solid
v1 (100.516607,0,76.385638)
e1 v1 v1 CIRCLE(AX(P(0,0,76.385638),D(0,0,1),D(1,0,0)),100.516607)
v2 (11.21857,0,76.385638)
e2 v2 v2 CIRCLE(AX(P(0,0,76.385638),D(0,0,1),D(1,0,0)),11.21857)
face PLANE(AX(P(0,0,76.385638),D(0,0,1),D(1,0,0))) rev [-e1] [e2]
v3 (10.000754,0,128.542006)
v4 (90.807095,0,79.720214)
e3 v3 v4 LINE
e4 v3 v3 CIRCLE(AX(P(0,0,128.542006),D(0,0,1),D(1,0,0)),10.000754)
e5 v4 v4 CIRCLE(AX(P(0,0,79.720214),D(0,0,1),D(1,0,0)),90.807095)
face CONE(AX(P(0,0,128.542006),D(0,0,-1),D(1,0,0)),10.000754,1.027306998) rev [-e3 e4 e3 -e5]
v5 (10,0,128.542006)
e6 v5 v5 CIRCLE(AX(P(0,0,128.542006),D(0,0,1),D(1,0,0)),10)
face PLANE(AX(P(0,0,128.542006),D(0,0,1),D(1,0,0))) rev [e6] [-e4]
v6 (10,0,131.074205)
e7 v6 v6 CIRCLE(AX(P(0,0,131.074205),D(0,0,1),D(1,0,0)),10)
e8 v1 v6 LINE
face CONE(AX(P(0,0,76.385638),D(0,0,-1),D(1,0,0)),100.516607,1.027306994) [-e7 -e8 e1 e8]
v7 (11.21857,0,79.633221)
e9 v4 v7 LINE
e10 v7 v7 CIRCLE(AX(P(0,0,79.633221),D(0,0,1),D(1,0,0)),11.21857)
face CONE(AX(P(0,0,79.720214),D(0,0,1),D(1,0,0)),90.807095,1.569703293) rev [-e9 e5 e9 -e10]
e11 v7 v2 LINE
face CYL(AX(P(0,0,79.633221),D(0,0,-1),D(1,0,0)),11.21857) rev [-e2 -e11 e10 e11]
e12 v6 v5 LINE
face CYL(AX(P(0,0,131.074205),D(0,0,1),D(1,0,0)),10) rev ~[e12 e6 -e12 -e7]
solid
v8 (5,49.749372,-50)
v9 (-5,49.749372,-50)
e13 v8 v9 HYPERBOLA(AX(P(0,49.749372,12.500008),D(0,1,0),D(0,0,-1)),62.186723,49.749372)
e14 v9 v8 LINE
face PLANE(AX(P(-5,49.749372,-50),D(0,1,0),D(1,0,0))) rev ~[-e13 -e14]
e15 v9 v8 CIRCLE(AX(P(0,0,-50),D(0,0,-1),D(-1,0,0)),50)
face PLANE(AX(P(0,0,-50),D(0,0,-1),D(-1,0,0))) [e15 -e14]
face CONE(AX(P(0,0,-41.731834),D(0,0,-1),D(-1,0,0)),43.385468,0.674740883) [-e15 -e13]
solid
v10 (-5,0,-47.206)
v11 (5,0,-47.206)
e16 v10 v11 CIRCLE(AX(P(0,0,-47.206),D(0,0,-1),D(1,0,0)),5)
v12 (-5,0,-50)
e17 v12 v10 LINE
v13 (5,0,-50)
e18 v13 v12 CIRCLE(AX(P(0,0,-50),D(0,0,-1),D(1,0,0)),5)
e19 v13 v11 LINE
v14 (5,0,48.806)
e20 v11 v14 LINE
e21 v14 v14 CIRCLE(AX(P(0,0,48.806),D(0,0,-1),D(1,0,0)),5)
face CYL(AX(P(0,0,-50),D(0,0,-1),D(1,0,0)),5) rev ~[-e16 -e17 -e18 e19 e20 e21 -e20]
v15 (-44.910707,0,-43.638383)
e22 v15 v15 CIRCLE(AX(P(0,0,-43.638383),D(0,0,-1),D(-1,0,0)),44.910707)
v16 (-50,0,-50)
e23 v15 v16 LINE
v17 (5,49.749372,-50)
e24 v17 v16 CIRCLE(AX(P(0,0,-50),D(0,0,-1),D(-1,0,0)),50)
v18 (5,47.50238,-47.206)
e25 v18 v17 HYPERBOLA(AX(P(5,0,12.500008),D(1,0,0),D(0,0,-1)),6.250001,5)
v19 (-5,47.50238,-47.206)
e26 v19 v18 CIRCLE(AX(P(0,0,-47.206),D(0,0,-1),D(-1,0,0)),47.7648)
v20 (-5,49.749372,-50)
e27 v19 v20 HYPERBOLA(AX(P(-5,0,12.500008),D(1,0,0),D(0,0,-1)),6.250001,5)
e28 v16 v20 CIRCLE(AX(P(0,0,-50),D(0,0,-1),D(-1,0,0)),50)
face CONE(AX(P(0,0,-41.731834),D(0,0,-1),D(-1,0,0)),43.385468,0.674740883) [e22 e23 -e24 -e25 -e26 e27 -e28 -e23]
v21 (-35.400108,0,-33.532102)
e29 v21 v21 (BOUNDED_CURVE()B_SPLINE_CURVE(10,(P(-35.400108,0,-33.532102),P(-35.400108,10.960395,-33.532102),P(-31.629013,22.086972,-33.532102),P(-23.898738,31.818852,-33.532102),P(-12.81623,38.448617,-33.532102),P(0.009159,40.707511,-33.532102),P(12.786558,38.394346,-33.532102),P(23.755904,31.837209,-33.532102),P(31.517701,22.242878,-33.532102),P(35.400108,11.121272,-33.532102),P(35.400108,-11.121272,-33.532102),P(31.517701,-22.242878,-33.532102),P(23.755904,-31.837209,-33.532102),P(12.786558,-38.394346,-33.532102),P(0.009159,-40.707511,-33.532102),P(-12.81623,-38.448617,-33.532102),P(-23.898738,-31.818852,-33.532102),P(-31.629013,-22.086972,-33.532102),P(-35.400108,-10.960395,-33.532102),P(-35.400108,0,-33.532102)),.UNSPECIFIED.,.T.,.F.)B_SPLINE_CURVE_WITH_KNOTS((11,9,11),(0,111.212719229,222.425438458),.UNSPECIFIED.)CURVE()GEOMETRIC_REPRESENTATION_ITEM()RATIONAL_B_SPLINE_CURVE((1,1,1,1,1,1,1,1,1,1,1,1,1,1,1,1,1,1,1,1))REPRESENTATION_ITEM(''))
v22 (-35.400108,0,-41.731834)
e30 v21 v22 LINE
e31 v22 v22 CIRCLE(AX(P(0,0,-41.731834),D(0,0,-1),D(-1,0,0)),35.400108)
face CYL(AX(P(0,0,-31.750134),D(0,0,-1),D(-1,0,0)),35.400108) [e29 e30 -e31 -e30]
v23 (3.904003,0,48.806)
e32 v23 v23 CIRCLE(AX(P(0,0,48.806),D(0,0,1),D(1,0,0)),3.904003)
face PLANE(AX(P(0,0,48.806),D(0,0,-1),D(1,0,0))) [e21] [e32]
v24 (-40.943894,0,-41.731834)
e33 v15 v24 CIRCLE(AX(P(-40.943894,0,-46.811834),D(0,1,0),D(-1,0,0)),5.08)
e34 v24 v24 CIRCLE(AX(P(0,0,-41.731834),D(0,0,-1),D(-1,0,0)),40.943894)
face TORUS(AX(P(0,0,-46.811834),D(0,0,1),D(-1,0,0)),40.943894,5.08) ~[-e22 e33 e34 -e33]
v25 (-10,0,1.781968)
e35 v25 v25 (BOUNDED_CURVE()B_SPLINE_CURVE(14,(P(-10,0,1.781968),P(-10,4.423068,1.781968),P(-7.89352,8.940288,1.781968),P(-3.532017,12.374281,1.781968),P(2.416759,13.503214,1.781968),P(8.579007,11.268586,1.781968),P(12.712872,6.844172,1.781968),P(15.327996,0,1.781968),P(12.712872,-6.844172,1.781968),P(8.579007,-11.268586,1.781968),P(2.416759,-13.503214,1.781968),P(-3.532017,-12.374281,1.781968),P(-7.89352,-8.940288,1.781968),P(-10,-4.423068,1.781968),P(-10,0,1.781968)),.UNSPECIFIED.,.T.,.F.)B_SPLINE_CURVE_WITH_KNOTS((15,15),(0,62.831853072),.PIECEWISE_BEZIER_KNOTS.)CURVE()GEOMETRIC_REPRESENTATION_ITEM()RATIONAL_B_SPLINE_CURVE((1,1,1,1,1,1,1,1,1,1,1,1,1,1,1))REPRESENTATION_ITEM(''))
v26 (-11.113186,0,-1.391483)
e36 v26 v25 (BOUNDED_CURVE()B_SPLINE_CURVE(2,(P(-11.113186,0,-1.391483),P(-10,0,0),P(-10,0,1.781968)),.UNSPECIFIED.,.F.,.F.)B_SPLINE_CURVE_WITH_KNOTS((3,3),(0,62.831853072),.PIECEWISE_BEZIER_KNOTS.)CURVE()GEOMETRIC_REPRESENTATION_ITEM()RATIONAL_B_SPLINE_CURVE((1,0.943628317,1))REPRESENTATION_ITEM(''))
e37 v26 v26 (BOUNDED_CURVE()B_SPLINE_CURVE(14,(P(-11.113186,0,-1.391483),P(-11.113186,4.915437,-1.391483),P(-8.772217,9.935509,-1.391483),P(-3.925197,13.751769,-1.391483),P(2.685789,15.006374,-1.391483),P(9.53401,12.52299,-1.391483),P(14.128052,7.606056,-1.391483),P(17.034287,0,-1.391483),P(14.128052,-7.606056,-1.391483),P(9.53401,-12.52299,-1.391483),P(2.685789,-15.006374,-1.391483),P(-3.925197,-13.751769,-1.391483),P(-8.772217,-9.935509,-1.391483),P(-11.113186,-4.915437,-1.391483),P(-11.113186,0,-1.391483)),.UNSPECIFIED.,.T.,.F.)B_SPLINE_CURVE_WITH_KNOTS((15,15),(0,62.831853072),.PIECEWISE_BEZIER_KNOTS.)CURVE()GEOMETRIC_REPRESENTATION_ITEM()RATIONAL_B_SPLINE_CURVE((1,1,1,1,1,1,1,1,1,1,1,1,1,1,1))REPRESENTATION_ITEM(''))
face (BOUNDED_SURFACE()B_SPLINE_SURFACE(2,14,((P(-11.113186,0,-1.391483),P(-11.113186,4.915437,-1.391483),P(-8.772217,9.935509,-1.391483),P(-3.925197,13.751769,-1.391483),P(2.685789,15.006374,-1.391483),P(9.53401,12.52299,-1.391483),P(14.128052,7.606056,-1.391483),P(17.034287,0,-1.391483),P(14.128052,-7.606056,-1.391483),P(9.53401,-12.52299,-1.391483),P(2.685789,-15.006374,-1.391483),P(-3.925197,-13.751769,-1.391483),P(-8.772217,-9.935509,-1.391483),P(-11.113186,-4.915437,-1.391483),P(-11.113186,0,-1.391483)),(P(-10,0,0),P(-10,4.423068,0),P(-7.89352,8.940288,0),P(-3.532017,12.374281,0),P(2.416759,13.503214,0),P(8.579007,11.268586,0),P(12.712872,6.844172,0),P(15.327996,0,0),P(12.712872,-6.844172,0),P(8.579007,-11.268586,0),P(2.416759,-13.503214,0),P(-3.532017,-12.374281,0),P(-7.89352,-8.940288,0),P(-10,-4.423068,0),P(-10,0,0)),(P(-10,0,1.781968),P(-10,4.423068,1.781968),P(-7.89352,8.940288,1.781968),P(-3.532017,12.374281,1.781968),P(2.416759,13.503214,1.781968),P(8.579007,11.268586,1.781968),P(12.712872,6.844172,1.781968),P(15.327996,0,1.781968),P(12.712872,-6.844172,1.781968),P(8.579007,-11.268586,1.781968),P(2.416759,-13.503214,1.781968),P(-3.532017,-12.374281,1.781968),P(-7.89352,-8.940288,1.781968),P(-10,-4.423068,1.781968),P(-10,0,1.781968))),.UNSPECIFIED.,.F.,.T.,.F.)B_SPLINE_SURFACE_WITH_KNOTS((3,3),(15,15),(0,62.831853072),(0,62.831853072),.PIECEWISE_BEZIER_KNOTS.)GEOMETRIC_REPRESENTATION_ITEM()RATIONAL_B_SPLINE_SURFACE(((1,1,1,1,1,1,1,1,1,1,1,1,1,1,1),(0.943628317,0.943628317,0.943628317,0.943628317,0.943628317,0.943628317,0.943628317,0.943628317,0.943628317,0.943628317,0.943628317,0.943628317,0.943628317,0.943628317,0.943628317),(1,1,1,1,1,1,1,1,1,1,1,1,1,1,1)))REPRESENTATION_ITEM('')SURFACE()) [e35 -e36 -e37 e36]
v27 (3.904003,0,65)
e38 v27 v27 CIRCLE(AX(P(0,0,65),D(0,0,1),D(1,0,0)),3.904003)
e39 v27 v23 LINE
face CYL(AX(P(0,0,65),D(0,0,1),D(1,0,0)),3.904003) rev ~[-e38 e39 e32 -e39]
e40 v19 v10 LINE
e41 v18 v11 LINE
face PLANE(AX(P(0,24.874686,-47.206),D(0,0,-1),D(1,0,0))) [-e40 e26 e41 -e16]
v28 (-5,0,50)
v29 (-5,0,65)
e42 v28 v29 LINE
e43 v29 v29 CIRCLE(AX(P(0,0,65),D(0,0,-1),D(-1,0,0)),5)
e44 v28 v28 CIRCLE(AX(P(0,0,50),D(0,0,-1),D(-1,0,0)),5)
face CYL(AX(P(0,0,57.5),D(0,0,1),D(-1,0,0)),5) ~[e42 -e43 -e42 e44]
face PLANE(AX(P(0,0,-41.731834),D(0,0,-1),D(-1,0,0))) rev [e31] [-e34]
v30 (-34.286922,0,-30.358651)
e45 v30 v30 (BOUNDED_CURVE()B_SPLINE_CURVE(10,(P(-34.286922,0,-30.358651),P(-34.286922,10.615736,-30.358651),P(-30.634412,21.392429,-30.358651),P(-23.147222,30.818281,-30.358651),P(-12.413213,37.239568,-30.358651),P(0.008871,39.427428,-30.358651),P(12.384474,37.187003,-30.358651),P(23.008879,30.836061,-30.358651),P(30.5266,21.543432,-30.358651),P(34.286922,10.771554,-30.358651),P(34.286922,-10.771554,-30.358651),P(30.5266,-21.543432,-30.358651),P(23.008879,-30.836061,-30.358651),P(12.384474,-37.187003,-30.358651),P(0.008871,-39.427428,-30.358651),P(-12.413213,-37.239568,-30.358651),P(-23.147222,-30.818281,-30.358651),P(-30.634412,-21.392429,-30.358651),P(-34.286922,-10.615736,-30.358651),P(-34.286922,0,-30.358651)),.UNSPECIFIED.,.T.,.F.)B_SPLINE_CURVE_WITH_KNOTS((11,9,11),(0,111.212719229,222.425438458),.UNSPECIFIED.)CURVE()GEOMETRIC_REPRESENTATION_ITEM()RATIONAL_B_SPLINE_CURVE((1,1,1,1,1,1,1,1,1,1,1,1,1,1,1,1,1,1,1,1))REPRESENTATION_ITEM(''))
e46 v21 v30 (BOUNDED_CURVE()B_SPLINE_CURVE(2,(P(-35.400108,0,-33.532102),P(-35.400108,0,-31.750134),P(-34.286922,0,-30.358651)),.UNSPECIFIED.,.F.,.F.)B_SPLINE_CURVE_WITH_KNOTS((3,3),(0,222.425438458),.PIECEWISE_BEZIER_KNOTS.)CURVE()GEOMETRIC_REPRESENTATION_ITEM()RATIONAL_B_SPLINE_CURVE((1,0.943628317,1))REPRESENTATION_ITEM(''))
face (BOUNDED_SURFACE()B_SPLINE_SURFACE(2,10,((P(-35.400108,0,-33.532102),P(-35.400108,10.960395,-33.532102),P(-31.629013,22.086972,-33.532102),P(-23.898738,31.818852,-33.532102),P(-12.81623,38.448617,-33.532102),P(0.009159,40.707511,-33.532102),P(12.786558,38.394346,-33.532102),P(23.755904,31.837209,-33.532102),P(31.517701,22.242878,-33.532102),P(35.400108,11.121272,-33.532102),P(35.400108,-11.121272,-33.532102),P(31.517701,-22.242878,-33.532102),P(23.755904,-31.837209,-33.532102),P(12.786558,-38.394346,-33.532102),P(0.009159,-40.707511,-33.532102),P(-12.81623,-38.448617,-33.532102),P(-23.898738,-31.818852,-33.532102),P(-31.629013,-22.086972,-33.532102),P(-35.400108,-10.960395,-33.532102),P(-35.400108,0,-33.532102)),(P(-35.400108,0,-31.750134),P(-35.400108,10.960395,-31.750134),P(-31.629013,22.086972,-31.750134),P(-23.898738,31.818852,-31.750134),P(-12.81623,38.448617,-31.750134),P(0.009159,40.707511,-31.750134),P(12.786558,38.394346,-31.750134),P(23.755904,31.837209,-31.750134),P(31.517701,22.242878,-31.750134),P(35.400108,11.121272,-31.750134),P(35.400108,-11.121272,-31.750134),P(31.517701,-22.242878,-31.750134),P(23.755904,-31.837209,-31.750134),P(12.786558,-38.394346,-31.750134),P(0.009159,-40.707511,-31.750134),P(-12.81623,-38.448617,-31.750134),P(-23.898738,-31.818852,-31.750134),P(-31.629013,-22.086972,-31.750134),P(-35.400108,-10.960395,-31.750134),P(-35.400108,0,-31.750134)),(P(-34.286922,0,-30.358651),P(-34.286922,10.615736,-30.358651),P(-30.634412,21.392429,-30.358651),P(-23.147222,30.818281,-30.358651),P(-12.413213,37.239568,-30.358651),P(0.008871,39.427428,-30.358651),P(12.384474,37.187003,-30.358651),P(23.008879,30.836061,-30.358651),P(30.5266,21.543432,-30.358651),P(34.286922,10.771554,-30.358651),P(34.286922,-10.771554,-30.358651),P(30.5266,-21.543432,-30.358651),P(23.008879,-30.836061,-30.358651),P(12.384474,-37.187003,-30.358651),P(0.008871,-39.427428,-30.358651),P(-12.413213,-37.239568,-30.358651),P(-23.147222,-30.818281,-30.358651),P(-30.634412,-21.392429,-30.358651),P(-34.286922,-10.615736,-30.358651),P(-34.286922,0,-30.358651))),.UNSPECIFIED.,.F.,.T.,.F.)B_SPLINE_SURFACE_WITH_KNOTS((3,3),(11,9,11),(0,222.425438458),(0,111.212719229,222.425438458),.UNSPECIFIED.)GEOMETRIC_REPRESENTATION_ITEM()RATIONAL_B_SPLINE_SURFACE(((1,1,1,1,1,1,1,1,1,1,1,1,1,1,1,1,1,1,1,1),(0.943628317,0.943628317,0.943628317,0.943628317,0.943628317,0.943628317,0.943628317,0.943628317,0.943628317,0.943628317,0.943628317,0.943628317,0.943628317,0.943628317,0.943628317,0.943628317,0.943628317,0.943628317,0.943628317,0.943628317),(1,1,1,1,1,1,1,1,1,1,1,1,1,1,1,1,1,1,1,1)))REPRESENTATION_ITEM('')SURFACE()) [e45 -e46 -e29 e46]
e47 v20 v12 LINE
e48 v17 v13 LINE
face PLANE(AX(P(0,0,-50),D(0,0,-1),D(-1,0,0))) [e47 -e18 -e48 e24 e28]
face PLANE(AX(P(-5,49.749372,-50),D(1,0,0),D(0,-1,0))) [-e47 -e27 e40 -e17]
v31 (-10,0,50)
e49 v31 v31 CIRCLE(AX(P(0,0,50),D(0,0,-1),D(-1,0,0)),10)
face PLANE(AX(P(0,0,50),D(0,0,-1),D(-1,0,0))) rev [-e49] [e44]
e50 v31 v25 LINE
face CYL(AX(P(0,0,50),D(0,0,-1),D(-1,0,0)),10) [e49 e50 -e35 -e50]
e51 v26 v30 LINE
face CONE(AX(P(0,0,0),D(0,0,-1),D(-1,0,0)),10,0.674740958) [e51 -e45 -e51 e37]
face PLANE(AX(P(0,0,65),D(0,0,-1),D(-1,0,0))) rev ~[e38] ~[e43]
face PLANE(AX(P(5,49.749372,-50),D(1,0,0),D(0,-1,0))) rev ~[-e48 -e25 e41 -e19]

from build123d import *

# Parameters (mm, degrees)
F0_W      = 5
F0_H      = 15
F2_R      = 5
F3_DEPTH  = 98.806
F4_R      = 3.904003
F5_DEPTH  = 18.034
F7_FACE_R = 10
F8_DEPTH  = 55.372
F9_R      = 5.08
F10_W     = 10
F10_H     = 49.749372
F11_DEPTH = 2.794


with BuildPart() as f1:
    # F0 (on Front) → F1 (revolve)
    with BuildSketch(Plane.XZ):
        Polygon((-50, -50), (0, -50), (0, 50), (-5, 50), (-10, 50), (-10, 0), (-35.400108, -31.750134), (-35.400108, -41.731834), (-43.385468, -41.731834), align=None)
        with Locations((-2.5, 57.5)):
            Rectangle(F0_W, F0_H)
    revolve(axis=Axis((0, 0, 57.5), (0, 0, -1)))

    # F2 (on face) → F3 (cut)
    with BuildSketch(Plane(origin=(0, 0, -50), x_dir=(1, 0, 0), z_dir=(0, 0, -1))):
        Circle(F2_R)
    extrude(amount=-F3_DEPTH, mode=Mode.SUBTRACT)

    # F4 (on face) → F5 (cut)
    with BuildSketch(Plane.XY.offset(65)):
        Circle(F4_R)
    extrude(amount=-F5_DEPTH, mode=Mode.SUBTRACT)

    # F9
    f9_edges = [f1.edges().sort_by_distance(p)[0] for p in [
        (35.400108, 0, -31.750134),
        (43.385468, 0, -41.731834),
        (10, 0, 0),
        (-22.700054, 0, -15.875067),
    ]]
    fillet(f9_edges, radius=F9_R)

    # F10 (on face) → F11 (cut)
    with BuildSketch(Plane(origin=(0, 0, -50), x_dir=(1, 0, 0), z_dir=(0, 0, -1))):
        with Locations((0, -24.874686)):
            Rectangle(F10_W, F10_H)
    extrude(amount=-F11_DEPTH, mode=Mode.SUBTRACT)


with BuildPart() as f7:
    # F6 (on Front) → F7 (revolve)
    with BuildSketch(Plane.XZ):
        Polygon((11.21857, 76.385638), (100.516607, 76.385638), (10, 131.074205), (0, 131.074205), (0, 128.542006), (10.000754, 128.542006), (90.807095, 79.720214), (11.21857, 79.633221), align=None)
    revolve(axis=Axis((0, 0, 82.398443), (0, 0, 1)))

    # F7_face (on face) → F8 (cut)
    with BuildSketch(Plane.XY.offset(131.074205)):
        Circle(F7_FACE_R)
    extrude(amount=-F8_DEPTH, mode=Mode.SUBTRACT)


solid = Compound([f1.part, f7.part])
